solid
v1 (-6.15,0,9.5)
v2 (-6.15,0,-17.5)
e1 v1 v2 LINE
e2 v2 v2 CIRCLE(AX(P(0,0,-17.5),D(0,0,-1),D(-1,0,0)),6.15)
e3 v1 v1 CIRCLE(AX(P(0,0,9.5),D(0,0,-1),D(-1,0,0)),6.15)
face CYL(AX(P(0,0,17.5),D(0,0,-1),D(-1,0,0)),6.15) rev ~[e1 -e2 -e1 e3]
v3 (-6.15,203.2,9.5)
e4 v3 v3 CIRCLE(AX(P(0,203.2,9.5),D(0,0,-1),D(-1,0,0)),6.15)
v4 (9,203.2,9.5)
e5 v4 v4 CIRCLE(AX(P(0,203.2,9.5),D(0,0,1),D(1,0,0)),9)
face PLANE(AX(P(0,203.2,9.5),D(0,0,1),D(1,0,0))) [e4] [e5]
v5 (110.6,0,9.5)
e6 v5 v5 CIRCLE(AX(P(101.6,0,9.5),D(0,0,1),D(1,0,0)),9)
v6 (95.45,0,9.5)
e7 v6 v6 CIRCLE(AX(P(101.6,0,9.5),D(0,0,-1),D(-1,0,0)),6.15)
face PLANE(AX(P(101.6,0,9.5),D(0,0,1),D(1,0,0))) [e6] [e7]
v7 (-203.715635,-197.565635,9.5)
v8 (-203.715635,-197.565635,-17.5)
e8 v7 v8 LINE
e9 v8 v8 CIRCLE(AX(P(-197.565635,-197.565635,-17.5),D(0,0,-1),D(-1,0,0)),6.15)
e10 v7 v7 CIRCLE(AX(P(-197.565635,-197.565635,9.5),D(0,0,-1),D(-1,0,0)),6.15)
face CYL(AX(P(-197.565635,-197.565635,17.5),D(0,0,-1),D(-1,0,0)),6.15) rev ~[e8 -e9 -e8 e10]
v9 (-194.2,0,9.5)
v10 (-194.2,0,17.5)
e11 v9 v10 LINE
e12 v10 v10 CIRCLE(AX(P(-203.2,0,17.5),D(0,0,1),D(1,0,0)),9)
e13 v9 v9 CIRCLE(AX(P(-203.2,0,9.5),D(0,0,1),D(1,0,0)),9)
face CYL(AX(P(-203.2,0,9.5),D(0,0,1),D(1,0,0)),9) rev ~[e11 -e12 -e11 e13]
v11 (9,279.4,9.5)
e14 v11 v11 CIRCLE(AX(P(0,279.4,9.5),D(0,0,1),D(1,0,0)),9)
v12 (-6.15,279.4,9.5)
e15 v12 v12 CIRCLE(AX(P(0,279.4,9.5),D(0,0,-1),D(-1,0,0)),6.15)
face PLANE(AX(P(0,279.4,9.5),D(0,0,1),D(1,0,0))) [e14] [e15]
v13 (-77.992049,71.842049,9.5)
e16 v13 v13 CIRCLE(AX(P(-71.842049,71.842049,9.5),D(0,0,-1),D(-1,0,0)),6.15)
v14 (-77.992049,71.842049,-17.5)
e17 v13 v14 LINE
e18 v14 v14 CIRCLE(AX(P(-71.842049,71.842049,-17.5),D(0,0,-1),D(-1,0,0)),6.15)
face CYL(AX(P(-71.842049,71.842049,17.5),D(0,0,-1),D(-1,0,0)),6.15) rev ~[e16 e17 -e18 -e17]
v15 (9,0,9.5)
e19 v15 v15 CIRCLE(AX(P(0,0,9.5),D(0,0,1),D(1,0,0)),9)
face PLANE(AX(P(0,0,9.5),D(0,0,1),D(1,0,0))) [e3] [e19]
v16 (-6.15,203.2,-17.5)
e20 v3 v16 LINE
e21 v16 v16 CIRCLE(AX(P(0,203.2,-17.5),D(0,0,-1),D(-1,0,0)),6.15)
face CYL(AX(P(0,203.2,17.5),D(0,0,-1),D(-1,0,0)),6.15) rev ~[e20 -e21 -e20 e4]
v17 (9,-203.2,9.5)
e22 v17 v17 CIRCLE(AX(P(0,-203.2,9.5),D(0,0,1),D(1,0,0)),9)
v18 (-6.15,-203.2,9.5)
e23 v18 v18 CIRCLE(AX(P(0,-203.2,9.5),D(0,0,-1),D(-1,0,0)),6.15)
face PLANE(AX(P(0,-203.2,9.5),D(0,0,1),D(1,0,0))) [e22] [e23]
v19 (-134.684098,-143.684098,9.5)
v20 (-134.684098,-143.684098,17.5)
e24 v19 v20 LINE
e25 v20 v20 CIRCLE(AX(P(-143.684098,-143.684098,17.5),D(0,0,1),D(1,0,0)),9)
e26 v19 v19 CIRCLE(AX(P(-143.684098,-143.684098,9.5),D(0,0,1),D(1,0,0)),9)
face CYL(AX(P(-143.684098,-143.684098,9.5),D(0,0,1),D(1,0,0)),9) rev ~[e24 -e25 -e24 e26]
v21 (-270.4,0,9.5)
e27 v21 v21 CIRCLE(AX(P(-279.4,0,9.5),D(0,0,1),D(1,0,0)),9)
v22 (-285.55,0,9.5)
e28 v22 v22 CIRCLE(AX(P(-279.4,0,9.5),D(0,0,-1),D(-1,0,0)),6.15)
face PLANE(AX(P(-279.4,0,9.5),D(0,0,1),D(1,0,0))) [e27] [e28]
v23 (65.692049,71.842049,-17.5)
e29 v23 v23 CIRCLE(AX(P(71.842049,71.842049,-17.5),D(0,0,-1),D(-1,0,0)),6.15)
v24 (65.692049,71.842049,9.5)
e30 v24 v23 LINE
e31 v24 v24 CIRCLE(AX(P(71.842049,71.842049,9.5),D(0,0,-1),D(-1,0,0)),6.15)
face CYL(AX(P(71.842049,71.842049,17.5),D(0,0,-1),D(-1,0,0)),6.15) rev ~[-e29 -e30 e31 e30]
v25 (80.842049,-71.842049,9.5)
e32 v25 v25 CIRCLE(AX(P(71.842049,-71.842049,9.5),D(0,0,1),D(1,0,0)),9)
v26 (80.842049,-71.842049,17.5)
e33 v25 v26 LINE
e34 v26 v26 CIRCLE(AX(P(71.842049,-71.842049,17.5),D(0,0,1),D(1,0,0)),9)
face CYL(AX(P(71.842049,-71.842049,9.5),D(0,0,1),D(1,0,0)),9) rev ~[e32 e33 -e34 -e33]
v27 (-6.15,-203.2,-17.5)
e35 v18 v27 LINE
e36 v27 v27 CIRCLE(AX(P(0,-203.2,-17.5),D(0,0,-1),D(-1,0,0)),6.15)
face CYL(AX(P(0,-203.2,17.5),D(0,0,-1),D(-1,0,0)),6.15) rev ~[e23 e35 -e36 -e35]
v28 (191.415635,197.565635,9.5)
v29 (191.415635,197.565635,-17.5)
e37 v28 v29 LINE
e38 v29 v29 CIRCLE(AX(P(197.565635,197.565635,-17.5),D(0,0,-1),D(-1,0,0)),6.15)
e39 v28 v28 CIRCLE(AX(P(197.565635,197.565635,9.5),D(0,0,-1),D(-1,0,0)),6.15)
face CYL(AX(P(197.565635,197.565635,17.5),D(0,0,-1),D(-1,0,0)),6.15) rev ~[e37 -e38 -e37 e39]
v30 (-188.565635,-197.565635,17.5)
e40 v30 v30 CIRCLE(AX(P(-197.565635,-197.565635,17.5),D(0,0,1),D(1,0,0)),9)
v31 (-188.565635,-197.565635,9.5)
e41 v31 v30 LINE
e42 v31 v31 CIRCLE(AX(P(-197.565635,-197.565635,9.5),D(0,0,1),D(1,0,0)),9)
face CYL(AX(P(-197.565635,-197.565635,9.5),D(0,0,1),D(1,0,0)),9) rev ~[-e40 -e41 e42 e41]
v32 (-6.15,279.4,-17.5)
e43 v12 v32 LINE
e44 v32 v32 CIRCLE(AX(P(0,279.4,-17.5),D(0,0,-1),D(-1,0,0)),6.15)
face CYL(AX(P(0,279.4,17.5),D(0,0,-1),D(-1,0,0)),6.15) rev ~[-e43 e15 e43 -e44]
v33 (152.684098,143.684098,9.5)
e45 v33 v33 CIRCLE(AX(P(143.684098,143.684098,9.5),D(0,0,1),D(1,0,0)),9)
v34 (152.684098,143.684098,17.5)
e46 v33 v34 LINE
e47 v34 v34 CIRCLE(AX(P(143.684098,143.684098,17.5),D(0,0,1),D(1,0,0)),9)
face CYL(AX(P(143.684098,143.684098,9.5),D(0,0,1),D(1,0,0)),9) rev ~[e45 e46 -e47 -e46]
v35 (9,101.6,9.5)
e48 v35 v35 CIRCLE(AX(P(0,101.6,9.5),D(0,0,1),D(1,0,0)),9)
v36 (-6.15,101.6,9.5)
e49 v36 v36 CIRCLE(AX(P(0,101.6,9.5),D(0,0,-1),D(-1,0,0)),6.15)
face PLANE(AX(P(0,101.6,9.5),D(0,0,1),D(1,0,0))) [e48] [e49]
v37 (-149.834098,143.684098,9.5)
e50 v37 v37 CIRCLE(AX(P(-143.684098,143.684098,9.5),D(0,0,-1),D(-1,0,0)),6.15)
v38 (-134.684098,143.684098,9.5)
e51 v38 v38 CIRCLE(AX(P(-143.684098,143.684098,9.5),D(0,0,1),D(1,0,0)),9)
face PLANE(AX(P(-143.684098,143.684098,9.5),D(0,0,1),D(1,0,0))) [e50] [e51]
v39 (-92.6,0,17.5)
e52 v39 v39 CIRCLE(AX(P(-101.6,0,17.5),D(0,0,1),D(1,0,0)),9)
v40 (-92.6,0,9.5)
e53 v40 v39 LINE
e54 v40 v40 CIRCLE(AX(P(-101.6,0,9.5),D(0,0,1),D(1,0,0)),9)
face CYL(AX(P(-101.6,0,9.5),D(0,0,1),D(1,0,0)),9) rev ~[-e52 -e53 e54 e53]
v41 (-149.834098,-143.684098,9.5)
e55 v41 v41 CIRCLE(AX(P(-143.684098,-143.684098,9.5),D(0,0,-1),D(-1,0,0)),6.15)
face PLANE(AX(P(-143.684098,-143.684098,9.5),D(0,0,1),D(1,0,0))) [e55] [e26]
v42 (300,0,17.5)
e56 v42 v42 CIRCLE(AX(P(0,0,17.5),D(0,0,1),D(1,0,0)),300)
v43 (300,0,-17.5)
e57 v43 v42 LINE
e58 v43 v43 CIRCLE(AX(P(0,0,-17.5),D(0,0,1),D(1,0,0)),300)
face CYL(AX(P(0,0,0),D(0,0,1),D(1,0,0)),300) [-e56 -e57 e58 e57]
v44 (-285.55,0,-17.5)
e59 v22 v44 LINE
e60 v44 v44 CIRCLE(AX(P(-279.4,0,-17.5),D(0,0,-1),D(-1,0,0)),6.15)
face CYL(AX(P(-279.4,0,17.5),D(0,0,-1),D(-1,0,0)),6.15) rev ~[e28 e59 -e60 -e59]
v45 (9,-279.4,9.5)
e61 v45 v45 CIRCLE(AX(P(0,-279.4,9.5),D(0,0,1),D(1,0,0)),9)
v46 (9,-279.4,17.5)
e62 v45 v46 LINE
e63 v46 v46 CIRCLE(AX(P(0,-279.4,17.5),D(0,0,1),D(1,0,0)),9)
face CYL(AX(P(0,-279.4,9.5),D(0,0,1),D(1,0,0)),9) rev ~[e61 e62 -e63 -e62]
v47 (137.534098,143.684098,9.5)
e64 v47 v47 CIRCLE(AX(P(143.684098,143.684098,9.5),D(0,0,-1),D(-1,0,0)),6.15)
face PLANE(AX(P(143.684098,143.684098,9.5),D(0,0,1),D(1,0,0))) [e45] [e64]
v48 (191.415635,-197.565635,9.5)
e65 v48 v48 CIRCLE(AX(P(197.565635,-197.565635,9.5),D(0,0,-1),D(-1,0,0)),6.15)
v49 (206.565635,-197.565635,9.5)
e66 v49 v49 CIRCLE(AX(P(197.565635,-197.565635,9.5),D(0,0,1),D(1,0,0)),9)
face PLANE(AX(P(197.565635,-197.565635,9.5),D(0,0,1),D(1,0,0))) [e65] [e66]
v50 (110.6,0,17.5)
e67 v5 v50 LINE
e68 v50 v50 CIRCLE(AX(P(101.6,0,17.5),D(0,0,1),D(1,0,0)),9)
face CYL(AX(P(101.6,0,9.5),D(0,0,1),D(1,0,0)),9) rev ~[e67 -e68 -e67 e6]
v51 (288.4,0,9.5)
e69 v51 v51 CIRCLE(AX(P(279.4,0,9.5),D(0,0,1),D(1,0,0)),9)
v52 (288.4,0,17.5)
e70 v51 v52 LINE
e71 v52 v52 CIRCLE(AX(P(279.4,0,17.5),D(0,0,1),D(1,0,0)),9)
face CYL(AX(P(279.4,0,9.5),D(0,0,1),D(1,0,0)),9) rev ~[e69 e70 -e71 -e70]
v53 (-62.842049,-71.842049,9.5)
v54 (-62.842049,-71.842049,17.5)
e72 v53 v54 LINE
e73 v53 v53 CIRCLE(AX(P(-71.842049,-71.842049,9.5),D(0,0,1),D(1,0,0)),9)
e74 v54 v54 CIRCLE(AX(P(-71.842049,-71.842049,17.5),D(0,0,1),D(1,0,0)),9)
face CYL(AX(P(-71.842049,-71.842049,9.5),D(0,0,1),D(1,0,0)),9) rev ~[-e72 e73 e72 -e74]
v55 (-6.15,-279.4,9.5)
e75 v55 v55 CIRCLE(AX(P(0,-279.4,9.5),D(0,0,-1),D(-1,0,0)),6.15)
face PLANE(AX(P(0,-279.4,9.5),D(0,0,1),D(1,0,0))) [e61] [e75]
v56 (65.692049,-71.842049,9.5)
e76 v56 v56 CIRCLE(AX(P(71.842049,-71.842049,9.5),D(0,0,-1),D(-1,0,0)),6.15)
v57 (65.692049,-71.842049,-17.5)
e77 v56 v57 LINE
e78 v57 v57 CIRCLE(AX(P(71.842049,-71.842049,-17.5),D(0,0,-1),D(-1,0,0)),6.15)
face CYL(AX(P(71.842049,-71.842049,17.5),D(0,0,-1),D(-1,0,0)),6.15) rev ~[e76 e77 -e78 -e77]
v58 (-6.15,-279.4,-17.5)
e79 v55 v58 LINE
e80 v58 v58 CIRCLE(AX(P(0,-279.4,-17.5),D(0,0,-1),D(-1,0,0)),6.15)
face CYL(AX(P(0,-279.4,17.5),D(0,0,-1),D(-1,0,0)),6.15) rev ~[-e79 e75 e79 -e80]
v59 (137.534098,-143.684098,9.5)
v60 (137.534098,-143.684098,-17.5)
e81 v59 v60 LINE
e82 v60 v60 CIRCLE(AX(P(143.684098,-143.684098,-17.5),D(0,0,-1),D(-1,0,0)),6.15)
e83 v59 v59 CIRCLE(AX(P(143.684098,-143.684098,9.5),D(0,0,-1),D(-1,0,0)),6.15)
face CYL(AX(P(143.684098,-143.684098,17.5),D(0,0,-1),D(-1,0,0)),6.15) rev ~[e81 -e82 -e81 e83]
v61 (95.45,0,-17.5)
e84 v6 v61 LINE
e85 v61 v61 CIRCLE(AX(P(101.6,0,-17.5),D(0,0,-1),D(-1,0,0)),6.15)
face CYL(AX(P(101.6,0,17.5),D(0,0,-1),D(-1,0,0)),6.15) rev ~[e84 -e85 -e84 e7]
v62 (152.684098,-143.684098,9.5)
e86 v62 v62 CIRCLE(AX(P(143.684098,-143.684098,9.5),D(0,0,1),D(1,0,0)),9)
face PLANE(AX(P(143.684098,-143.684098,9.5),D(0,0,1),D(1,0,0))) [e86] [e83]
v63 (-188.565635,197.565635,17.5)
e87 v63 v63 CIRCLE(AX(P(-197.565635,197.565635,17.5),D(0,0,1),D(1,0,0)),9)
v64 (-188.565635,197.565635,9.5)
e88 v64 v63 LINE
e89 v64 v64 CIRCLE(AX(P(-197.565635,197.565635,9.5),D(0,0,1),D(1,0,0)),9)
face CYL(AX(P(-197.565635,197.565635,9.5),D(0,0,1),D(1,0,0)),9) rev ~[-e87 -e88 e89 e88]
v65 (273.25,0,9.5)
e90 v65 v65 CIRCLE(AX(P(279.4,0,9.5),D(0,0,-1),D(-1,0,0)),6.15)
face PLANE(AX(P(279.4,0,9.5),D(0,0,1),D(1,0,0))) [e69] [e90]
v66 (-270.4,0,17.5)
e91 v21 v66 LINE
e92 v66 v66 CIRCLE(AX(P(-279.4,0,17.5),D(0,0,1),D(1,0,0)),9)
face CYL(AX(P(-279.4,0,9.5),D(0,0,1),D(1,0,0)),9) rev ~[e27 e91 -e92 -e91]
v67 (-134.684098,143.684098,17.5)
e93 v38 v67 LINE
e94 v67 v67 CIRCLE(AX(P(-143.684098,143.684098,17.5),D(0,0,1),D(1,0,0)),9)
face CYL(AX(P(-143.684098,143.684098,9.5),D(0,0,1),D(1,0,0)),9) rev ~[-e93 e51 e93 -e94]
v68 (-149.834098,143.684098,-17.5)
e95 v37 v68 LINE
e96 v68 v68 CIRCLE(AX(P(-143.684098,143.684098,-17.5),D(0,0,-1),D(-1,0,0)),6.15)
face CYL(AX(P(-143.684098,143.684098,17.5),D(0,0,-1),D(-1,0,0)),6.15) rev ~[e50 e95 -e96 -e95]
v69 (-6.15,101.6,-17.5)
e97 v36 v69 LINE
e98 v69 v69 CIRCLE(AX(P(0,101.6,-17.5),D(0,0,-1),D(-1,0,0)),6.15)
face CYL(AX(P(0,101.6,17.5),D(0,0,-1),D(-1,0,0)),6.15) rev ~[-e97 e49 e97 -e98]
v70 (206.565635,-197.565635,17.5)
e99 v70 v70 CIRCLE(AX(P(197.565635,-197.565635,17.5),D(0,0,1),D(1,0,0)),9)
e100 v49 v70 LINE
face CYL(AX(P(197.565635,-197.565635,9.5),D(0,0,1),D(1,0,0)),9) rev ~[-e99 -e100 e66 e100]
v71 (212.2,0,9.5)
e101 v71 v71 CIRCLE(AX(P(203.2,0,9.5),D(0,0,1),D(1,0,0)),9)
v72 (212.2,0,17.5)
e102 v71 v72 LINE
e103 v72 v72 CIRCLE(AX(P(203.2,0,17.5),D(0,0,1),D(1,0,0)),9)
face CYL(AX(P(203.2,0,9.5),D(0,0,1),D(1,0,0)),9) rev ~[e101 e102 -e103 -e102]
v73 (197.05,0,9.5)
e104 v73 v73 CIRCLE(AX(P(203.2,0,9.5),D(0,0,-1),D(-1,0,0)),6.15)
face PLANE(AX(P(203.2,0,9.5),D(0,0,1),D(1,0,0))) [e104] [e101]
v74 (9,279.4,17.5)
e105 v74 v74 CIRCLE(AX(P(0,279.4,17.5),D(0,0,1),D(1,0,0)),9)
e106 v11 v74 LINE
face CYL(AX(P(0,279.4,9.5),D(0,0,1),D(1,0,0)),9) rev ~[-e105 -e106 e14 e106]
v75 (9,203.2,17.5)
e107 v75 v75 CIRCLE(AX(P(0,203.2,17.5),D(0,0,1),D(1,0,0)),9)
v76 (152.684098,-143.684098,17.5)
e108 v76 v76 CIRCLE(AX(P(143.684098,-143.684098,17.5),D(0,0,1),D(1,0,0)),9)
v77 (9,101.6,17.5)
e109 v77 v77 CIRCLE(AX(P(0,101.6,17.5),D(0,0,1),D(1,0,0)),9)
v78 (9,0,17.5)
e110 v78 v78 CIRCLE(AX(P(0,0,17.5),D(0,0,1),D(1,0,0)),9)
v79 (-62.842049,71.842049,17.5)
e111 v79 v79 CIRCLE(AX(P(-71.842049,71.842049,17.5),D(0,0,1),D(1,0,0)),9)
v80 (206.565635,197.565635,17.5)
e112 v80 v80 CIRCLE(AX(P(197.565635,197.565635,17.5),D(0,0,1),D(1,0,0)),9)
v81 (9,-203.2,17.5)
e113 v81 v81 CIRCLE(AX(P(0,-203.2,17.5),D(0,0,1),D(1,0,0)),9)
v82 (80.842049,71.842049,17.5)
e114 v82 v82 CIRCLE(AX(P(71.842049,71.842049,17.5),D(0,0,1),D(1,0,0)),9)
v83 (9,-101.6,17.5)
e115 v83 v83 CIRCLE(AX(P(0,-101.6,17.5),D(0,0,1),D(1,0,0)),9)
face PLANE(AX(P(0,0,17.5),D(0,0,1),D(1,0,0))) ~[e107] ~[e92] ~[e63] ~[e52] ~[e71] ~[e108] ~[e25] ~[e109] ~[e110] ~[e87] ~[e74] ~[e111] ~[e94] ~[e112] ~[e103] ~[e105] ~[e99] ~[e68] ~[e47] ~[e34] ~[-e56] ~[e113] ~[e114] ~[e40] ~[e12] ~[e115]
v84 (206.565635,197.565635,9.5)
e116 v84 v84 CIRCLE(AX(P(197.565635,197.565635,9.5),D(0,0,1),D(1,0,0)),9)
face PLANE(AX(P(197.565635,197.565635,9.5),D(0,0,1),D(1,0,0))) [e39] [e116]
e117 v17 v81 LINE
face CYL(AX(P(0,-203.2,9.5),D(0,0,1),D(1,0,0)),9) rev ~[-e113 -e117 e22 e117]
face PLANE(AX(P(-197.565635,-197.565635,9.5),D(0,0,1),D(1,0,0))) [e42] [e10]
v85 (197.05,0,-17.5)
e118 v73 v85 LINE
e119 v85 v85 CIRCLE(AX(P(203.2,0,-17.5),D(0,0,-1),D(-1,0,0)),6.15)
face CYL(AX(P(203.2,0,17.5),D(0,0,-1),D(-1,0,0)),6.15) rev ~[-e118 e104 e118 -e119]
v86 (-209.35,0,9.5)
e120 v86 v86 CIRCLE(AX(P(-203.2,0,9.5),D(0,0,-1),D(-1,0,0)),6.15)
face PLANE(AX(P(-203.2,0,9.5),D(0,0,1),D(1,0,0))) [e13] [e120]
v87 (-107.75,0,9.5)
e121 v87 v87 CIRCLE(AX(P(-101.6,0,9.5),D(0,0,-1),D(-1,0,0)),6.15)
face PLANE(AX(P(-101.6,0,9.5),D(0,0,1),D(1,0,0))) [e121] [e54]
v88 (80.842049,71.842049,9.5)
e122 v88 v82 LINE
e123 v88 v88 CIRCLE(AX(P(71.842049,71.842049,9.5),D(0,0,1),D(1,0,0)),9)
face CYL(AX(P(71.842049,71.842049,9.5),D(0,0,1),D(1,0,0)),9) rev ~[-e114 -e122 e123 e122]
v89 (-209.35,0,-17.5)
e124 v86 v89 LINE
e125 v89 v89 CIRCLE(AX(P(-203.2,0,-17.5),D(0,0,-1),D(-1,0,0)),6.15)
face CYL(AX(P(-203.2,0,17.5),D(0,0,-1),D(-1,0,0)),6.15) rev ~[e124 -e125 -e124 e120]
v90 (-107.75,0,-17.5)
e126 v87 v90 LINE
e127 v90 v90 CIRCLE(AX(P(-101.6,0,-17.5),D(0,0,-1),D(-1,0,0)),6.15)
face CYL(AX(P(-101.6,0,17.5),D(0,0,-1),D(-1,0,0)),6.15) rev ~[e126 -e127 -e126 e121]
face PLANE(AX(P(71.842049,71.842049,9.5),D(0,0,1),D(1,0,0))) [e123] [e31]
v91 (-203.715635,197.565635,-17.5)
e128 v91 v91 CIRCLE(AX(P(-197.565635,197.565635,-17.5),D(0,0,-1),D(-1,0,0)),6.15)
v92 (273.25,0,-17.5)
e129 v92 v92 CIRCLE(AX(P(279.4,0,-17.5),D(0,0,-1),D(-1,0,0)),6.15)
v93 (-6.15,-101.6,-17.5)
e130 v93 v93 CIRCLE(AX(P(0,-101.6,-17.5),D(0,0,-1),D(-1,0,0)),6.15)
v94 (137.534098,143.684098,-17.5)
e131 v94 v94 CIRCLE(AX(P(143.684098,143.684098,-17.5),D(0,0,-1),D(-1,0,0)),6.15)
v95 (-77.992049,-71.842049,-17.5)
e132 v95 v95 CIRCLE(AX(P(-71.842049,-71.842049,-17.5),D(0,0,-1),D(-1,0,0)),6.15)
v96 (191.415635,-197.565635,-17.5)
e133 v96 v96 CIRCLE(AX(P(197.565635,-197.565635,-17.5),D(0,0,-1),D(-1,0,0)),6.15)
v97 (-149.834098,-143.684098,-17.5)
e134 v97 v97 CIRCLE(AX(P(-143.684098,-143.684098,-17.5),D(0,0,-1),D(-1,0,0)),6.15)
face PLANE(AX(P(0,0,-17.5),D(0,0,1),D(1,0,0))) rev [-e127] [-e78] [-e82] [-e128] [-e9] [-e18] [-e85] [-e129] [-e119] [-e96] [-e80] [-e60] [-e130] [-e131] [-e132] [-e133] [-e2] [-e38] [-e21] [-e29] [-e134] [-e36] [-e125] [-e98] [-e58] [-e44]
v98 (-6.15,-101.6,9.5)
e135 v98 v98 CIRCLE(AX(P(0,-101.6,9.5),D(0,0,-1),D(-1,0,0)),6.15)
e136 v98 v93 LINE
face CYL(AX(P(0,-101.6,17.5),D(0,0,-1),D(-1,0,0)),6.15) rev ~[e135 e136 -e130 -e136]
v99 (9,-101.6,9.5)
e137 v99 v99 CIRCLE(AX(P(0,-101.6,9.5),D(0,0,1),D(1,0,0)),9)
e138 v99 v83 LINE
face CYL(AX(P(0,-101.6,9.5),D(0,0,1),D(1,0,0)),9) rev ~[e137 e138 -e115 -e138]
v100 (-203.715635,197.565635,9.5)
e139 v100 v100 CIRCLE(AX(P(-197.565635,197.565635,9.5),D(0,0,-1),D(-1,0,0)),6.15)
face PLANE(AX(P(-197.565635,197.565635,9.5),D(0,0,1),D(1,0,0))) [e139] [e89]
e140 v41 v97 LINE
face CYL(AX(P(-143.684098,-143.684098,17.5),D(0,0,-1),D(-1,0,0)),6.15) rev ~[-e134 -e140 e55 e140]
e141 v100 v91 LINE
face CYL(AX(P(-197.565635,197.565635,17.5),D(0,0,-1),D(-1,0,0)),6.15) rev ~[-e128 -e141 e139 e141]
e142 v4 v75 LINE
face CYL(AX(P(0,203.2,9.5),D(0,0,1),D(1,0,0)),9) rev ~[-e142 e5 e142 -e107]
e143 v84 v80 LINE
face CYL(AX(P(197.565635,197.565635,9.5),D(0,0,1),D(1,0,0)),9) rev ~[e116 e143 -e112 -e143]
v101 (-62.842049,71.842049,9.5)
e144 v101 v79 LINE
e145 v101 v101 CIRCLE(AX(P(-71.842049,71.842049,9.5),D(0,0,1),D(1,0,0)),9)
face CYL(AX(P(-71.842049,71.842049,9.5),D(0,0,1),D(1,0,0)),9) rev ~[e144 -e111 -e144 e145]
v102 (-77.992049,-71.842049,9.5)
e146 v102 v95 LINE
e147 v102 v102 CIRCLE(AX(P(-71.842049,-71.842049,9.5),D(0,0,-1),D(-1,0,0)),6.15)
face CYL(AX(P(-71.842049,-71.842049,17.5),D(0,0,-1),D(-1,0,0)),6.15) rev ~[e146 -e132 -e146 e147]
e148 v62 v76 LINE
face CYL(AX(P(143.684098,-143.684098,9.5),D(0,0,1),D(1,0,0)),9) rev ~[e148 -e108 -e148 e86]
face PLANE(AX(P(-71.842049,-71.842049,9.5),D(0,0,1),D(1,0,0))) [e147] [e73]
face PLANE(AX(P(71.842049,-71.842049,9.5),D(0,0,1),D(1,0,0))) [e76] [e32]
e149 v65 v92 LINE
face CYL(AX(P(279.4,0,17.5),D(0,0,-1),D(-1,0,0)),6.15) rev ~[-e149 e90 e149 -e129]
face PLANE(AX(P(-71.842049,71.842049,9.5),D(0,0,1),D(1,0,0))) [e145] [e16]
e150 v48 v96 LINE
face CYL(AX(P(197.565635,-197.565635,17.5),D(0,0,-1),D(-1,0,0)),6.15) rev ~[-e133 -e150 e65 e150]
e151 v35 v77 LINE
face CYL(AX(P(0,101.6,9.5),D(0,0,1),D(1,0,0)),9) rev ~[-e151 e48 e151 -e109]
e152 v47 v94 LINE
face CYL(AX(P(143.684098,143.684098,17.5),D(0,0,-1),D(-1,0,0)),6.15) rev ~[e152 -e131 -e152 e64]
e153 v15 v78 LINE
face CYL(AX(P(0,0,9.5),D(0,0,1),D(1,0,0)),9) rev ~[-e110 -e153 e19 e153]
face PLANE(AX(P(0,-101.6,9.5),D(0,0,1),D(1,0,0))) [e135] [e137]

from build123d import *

# Parameters (mm, degrees)
F0_W           = 300
F0_H           = 35
F3_D           = 12.3
F3_DEPTH       = 35
F3_CBORE_D     = 18
F3_CBORE_DEPTH = 8


with BuildPart() as f1:
    # F0 (on Front) → F1 (revolve)
    with BuildSketch(Plane.XZ):
        with Locations((150, 0)):
            Rectangle(F0_W, F0_H)
    revolve(axis=Axis((0, 0, 0), (0, 0, 1)))

    # F3
    with Locations(Plane.XY.offset(17.5)):
        with Locations((-197.565635, 197.565635), (0, 279.4), (197.565635, 197.565635), (279.4, 0), (197.565635, -197.565635), (0, -279.4), (-197.565635, -197.565635), (-279.4, 0), (-203.2, 0), (-143.684098, -143.684098), (0, -203.2), (143.684098, -143.684098), (203.2, 0), (143.684098, 143.684098), (0, 203.2), (-143.684098, 143.684098), (-71.842049, 71.842049), (0, 101.6), (71.842049, 71.842049), (101.6, 0), (71.842049, -71.842049), (0, -101.6), (-71.842049, -71.842049), (-101.6, 0), (0, 0)):
            CounterBoreHole(F3_D / 2, F3_CBORE_D / 2, F3_CBORE_DEPTH, depth=F3_DEPTH)


solid = f1.part
